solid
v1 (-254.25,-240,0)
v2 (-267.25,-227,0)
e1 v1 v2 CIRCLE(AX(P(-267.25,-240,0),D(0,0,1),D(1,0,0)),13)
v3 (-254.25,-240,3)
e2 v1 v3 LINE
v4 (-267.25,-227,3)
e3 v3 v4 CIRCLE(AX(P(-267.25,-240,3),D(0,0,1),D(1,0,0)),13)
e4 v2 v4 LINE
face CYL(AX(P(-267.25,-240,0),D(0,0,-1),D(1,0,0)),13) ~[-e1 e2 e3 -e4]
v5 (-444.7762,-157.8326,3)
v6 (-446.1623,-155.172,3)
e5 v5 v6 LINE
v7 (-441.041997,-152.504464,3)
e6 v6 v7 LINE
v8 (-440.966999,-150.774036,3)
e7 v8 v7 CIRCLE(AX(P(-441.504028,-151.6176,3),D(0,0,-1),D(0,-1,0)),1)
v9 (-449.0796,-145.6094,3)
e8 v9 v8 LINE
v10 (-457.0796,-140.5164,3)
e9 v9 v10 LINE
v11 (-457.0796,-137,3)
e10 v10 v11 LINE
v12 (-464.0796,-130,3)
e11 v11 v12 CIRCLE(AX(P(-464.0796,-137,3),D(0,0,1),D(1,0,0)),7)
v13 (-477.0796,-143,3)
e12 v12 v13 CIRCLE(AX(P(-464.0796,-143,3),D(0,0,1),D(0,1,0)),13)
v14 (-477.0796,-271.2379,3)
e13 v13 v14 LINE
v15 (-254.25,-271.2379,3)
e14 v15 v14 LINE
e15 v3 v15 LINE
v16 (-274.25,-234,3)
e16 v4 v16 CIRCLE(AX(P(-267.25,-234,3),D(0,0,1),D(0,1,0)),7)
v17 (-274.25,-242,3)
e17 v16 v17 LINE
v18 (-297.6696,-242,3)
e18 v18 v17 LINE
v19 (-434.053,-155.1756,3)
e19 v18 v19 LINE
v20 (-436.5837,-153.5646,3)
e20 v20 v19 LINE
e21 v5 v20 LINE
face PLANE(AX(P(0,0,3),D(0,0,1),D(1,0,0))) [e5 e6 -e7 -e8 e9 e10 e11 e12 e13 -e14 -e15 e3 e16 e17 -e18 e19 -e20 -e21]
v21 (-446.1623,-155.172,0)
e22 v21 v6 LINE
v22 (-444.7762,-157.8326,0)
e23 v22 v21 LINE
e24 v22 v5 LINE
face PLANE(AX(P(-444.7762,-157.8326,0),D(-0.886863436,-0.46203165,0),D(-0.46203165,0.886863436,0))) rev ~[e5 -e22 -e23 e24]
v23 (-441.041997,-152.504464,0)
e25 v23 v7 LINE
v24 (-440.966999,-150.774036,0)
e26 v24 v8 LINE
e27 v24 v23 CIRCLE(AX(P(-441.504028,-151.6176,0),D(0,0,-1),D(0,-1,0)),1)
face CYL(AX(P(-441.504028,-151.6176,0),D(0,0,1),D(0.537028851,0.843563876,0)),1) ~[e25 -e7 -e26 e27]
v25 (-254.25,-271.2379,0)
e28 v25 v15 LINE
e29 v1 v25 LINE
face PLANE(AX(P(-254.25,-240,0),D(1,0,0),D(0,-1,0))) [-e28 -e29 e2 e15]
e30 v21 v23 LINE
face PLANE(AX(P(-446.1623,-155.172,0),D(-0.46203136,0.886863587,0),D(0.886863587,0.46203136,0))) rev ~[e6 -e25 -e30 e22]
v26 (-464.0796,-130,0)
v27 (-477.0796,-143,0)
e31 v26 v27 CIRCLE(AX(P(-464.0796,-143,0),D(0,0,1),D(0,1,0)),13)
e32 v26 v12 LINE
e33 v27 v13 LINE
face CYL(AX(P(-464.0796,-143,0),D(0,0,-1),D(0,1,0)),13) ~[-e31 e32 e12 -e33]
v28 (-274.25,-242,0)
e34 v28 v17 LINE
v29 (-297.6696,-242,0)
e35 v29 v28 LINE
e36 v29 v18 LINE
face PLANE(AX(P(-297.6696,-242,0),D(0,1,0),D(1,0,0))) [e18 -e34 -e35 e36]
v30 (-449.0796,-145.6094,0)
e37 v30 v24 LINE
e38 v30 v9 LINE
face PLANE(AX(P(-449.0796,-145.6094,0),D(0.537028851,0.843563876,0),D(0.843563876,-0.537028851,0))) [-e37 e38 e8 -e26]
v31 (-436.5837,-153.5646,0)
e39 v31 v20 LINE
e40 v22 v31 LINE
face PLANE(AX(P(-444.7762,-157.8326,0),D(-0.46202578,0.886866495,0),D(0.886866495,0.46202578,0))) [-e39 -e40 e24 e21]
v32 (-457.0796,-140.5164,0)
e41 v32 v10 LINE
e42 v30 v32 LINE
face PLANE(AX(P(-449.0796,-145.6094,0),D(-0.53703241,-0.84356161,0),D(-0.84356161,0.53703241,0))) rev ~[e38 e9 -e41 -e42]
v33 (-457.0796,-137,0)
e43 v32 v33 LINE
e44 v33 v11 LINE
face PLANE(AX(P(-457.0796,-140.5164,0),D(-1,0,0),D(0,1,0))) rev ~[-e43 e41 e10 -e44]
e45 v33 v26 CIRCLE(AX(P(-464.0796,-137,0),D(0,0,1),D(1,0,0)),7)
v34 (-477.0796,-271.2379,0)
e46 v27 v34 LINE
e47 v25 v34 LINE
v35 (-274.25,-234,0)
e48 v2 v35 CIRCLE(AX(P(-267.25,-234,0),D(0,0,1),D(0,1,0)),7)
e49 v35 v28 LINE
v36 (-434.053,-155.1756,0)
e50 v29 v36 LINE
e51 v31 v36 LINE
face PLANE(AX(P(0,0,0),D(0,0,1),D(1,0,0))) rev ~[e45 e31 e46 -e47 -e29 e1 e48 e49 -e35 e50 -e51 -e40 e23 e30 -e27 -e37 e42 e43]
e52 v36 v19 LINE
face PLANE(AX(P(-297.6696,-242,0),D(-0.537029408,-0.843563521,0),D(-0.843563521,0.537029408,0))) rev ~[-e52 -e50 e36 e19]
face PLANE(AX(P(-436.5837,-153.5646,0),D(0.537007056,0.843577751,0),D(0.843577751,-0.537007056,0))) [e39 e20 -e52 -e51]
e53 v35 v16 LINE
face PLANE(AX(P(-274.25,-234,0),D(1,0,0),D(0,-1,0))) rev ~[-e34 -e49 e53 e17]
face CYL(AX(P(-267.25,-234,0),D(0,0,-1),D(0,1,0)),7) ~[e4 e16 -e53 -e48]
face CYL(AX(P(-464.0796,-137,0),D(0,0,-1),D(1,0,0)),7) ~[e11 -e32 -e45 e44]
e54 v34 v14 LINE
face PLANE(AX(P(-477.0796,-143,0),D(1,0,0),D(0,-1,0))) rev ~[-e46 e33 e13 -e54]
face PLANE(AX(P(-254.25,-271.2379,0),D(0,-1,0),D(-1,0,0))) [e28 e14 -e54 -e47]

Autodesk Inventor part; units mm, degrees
ref_plane "YZ Plane" through (0, 0, 0) normal (1, 0, 0) x (0, 1, 0)
ref_plane "XZ Plane" through (0, 0, 0) normal (0, 1, 0) x (-1, 0, 0)
ref_plane "XY Plane" through (0, 0, 0) normal (0, 0, 1) x (1, 0, 0)
sketch "Sketch3" plane through (0, 0, 0) normal (0, 0, 1) x (1, 0, 0)
  circle A0 centre (368.0481, 50) radius 50 construction
  line L0 (368.0481, 0) -> (514.9541, 0) construction
  line L1 (368.0481, 50) -> (514.9541, 50) construction
  line L2 (368.0481, 100) -> (514.9541, 100) construction
  line L3 (368.0481, 50) -> (343.0481, 6.6987) construction
  line L4 (368.0481, 50) -> (324.7469, 25) construction
  line L5 (368.0481, 50) -> (324.7469, 75) construction
  line L6 (343.0481, 93.3013) -> (368.0481, 50) construction
  line L7 (393.0481, 93.3013) -> (368.0481, 50) construction
  line L8 (411.3494, 75) -> (368.0481, 50) construction
  line L9 (411.3494, 25) -> (368.0481, 50) construction
  line L10 (393.0481, 6.6987) -> (368.0481, 50) construction
  line L11 (368.0481, 0) -> (368.0481, 100) construction
  line L12 (418.0481, 50) -> (368.0481, 50) construction
  line L13 (341.8682, 0) -> (341.8682, 100) construction
  line L14 (315.6883, 0) -> (315.6883, 100) construction
  line L15 (289.5083, 0) -> (289.5083, 100) construction
  line L16 (263.3284, 0) -> (263.3284, 100) construction
  line L17 (237.1485, 0) -> (237.1485, 100) construction
  line L18 (210.9685, 0) -> (210.9685, 100) construction
  line L19 (184.7886, 0) -> (184.7886, 100) construction
  line L20 (158.6086, 0) -> (158.6086, 100) construction
  circle A1 centre (315.6883, 50) radius 50 construction
  circle A2 centre (341.8682, 50) radius 50 construction
  circle A3 centre (289.5083, 50) radius 50 construction
  circle A4 centre (263.3284, 50) radius 50 construction
  circle A5 centre (237.1485, 50) radius 50 construction
  circle A6 centre (210.9685, 50) radius 50 construction
  line L21 (393.0481, 6.6987) -> (514.9541, 6.6987) construction
  line L22 (411.3494, 25) -> (514.9541, 25) construction
  line L23 (411.3494, 75) -> (514.9541, 75) construction
  line L24 (411.3494, 75) -> (514.9541, 75) construction
  line L25 (393.0481, 93.3013) -> (514.9541, 93.3013) construction
  line L26 (358.9895, 75) -> (339.5083, 50) construction
  line L27 (339.5083, 50) -> (306.6297, 25) construction
  line L28 (306.6297, 25) -> (262.1485, 6.6987) construction
  line L29 (262.1485, 6.6987) -> (210.9685, 0) construction
  line L30 (105.4843, -12.0642) -> (105.4843, 125.3083) construction
  line L31 (25.75, 0) -> (25.75, 23)
  line L32 (45.75, 17) -> (45.75, -21.2379)
  arc A7 (32.75, 30) -> (25.75, 23) centre (32.75, 23) ccw
  arc A8 (45.75, 17) -> (32.75, 30) centre (32.75, 17) ccw
  line L33 (32.75, 17) -> (45.75, 17) construction
  line L34 (32.75, 17) -> (32.75, 30) construction
  arc A9 (0, 0) -> (8.875, -12.2379) centre (12.875, 0) ccw
  arc A10 (16.875, -12.2379) -> (25.75, 0) centre (12.875, 0) ccw
  line L35 (45.75, -21.2379) -> (16.875, -21.2379)
  line L36 (8.875, -21.2379) -> (-177.0796, -21.2379)
  circle A11 centre (-144.2046, 110.3653) radius 12.875 construction
  line L37 (8.875, -21.2379) -> (8.875, -12.2379)
  line L38 (16.875, -21.2379) -> (16.875, -12.2379)
  line L39 (411.3494, 75) -> (158.6086, 75) construction
  line L40 (368.0481, 100) -> (158.6086, 100) construction
  line L41 (418.0481, 50) -> (158.6086, 50) construction
  line L42 (411.3494, 25) -> (158.6086, 25) construction
  line L43 (393.0481, 6.6987) -> (158.6086, 6.6987) construction
  line L44 (393.0481, 93.3013) -> (158.6086, 93.3013) construction
  line L45 (358.9895, 75) -> (366.8682, 93.3013) construction
  line L46 (366.8682, 93.3013) -> (368.0481, 100) construction
  spline S0 degree 4 poles (-157.0796, 100) (-157.0796, 88.9946) (-147.011, 72.6811) (-131.8577, 48.7932) (-88.4777, 17.6268) (-50.0176, 3.937) (-18.8717, 0) (0, 0) knots 0 0 0 0 0 0.264547 0.457223 0.66608 1 1 1 1 1
  line L47 (-157.0796, 100) -> (-157.0796, 81.2146) construction
  line L48 (0, 0) -> (-42.8818, 0) construction
  line L49 (-157.0796, 100) -> (-157.0796, 113)
  line L50 (-144.2046, 110.3653) -> (-157.0796, 110.3653) construction
  line L51 (-147.6984, 94.0277) -> (-120.1158, 108.3975) construction
  line L52 (-157.0796, 100) -> (0, 0) construction
  circle A12 centre (-147.2046, 105.4197) radius 9.875 construction
  line L53 (-147.2046, 105.4197) -> (-157.0796, 105.4197) construction
  line L54 (-146.1623, 94.828) -> (-144.7762, 92.1674) construction
  line L55 (-144.7762, 92.1674) -> (-142.2689, 93.4736) construction
  line L56 (-177.0796, 107) -> (-177.0796, -21.2379)
  arc A13 (-157.0796, 113) -> (-164.0796, 120) centre (-164.0796, 113) ccw
  line L57 (-164.0796, 113) -> (-164.0796, 120) construction
  line L58 (-164.0796, 113) -> (-157.0796, 113) construction
  arc A14 (-164.0796, 120) -> (-177.0796, 107) centre (-164.0796, 107) ccw
  line L59 (-164.0796, 107) -> (-177.0796, 107) construction
  line L60 (-164.0796, 107) -> (-164.0796, 120) construction
  line L61 (-457.0796, 100) -> (-300, 0)
  line L62 (-757.0796, 100) -> (-757.0796, 76.4376)
  line L63 (-600, 0) -> (-652.3765, 0)
  spline S1 degree 4 poles (-757.0796, 76.4376) (-757.0796, 65.0585) (-753.7776, 47.1407) (-745.4013, 7.8331) (-693.0053, 2.4317) (-668.8587, 0) (-652.3765, 0) knots 0 0 0 0 0 0.348765 0.598765 1 1 1 1 1
  line L64 (-477.0796, 107) -> (-477.0796, -21.2379)
  arc A15 (-464.0796, 120) -> (-477.0796, 107) centre (-464.0796, 107) ccw
  arc A16 (-457.0796, 113) -> (-464.0796, 120) centre (-464.0796, 113) ccw
  line L65 (-457.0796, 100) -> (-457.0796, 113)
  circle A17 centre (-447.2046, 105.4197) radius 9.875 construction
  circle A18 centre (-444.2046, 110.3653) radius 12.875 construction
  line L66 (-457.0796, 100) -> (-300, 0) construction
  line L67 (-447.6984, 94.0277) -> (-420.1158, 108.3975) construction
  line L68 (-444.7762, 92.1674) -> (-442.2689, 93.4736) construction
  line L69 (-446.1623, 94.828) -> (-444.7762, 92.1674) construction
  line L70 (-291.125, -21.2379) -> (-477.0796, -21.2379)
  arc A19 (-300, 0) -> (-291.125, -12.2379) centre (-287.125, 0) ccw
  line L71 (-291.125, -21.2379) -> (-291.125, -12.2379)
  line L72 (-283.125, -21.2379) -> (-283.125, -12.2379)
  arc A20 (-283.125, -12.2379) -> (-274.25, 0) centre (-287.125, 0) ccw
  line L73 (-254.25, -21.2379) -> (-283.125, -21.2379)
  line L74 (-254.25, 17) -> (-254.25, -21.2379)
  line L75 (-274.25, 0) -> (-274.25, 23)
  arc A21 (-267.25, 30) -> (-274.25, 23) centre (-267.25, 23) ccw
  arc A22 (-254.25, 17) -> (-267.25, 30) centre (-267.25, 17) ccw
  line L76 (-777.0796, 107) -> (-777.0796, -21.2379)
  arc A23 (-764.0796, 120) -> (-777.0796, 107) centre (-764.0796, 107) ccw
  arc A24 (-757.0796, 113) -> (-764.0796, 120) centre (-764.0796, 113) ccw
  line L77 (-757.0796, 100) -> (-757.0796, 113)
  circle A25 centre (-747.2046, 105.4197) radius 9.875 construction
  circle A26 centre (-744.2046, 110.3653) radius 12.875 construction
  line L78 (-757.0796, 100) -> (-600, 0) construction
  line L79 (-747.6984, 94.0277) -> (-720.1158, 108.3975) construction
  line L80 (-744.7762, 92.1674) -> (-742.2689, 93.4736) construction
  line L81 (-746.1623, 94.828) -> (-744.7762, 92.1674) construction
  line L82 (-591.125, -21.2379) -> (-777.0796, -21.2379)
  arc A27 (-600, 0) -> (-591.125, -12.2379) centre (-587.125, 0) ccw
  line L83 (-591.125, -21.2379) -> (-591.125, -12.2379)
  line L84 (-583.125, -21.2379) -> (-583.125, -12.2379)
  arc A28 (-583.125, -12.2379) -> (-574.25, 0) centre (-587.125, 0) ccw
  line L85 (-554.25, -21.2379) -> (-583.125, -21.2379)
  line L86 (-554.25, 17) -> (-554.25, -21.2379)
  line L87 (-574.25, 0) -> (-574.25, 23)
  arc A29 (-567.25, 30) -> (-574.25, 23) centre (-567.25, 23) ccw
  arc A30 (-554.25, 17) -> (-567.25, 30) centre (-567.25, 17) ccw
  line L88 (32.75, -233) -> (45.75, -233) construction
  line L89 (32.75, -233) -> (32.75, -220) construction
  arc A31 (45.75, -233) -> (32.75, -220) centre (32.75, -233) ccw construction
  line L90 (25.75, -250) -> (25.75, -227) construction
  line L91 (45.75, -233) -> (45.75, -271.2379) construction
  arc A32 (16.875, -262.2379) -> (25.75, -250) centre (12.875, -250) ccw construction
  line L92 (45.75, -271.2379) -> (16.875, -271.2379) construction
  arc A33 (0, -250) -> (8.875, -262.2379) centre (12.875, -250) ccw construction
  arc A34 (32.75, -220) -> (25.75, -227) centre (32.75, -227) ccw construction
  line L93 (8.875, -271.2379) -> (-177.0796, -271.2379) construction
  line L94 (-157.0796, -150) -> (0, -250) construction
  spline S2 degree 4 poles (-157.0796, -150) (-157.0796, -161.0054) (-147.011, -177.3189) (-131.8577, -201.2068) (-88.4777, -232.3732) (-50.0176, -246.063) (-18.8717, -250) (0, -250) knots 0 0 0 0 0 0.264547 0.457223 0.66608 1 1 1 1 1 construction
  line L95 (-177.0796, -143) -> (-177.0796, -271.2379)
  line L96 (-146.1623, -155.172) -> (-144.7762, -157.8326) construction
  line L97 (-144.7762, -157.8326) -> (-142.2689, -156.5264) construction
  line L98 (-147.6984, -155.9723) -> (-120.1158, -141.6025) construction
  line L99 (-157.0796, -150) -> (-157.0796, -168.7854) construction
  line L100 (-147.2046, -144.5803) -> (-157.0796, -144.5803) construction
  line L101 (-144.2046, -139.6347) -> (-157.0796, -139.6347) construction
  circle A35 centre (-147.2046, -144.5803) radius 9.875 construction
  line L102 (0, -250) -> (-42.8818, -250) construction
  line L103 (16.875, -271.2379) -> (16.875, -262.2379) construction
  line L104 (8.875, -271.2379) -> (8.875, -262.2379) construction
  circle A36 centre (-144.2046, -139.6347) radius 12.875 construction
  line L105 (-164.0796, -143) -> (-177.0796, -143) construction
  line L106 (-157.0796, -150) -> (-157.0796, -137) construction
  line L107 (-164.0796, -137) -> (-157.0796, -137) construction
  arc A37 (-157.0796, -137) -> (-164.0796, -130) centre (-164.0796, -137) ccw
  line L108 (-164.0796, -137) -> (-164.0796, -130) construction
  line L109 (-164.0796, -143) -> (-164.0796, -130) construction
  arc A38 (-164.0796, -130) -> (-177.0796, -143) centre (-164.0796, -143) ccw
  arc A39 (32.75, -227) -> (25.75, -234) centre (32.75, -234) ccw
  line L110 (32.75, -234) -> (25.75, -234) construction
  line L111 (32.75, -234) -> (32.75, -227) construction
  line L112 (45.75, -271.2379) -> (-177.0796, -271.2379)
  arc A40 (45.75, -240) -> (32.75, -227) centre (32.75, -240) ccw
  line L113 (32.75, -240) -> (45.75, -240) construction
  line L114 (32.75, -240) -> (32.75, -227) construction
  line L115 (45.75, -240) -> (45.75, -271.2379)
  line L116 (0, -242) -> (25.75, -242)
  line L117 (25.75, -234) -> (25.75, -242)
  line L118 (-149.0796, -145.6094) -> (-149.0796, -150)
  line L119 (-149.0796, -145.6094) -> (-157.0796, -140.5164)
  line L120 (-157.0796, -140.5164) -> (-157.0796, -137)
  line L121 (57.9242, -250) -> (-50.1018, -250) construction
  spline S3 degree 4 poles (-149.0796, -150) (-149.0796, -154.1011) (-147.2668, -159.7716) (-135.8793, -178.0796) (-120.229, -197.0865) (-83.3361, -225.9308) (-47.2959, -235.9761) (-18.0598, -242) (0, -242) knots 0 0 0 0 0 0.173174 0.31592 0.488873 0.682943 1 1 1 1 1
  line L122 (-158.9844, -148.7874) -> (-160.5796, -147.7718) construction
  line L123 (-149.0796, -145.6094) -> (2.3304, -242) construction
  line L124 (-149.0796, -145.6094) -> (-139.5059, -151.7042)
  line L125 (-146.1623, -155.172) -> (-139.5059, -151.7042)
  line L126 (-144.7762, -157.8326) -> (-146.1623, -155.172)
  line L127 (-144.7762, -157.8326) -> (-136.5837, -153.5646)
  line L128 (-136.5837, -153.5646) -> (-134.053, -155.1756)
  line L129 (-136.5837, -153.5646) -> (-136.7042, -153.7538) construction
  line L130 (-134.053, -155.1756) -> (-134.1481, -155.3251) construction
  spline S4 degree 4 poles (-134.053, -155.1756) (-136.3936, -157.4893) (-136.069, -162.1236) (-140.7429, -169.88) (-137.1035, -175.12) knots 0 0 0 0 0 1 1 1 1 1
  line L131 (-134.053, -155.1756) -> (-131.4385, -154.0999) construction
  line L132 (-254.25, -271.2379) -> (-477.0796, -271.2379)
  line L133 (-477.0796, -143) -> (-477.0796, -271.2379)
  arc A41 (-464.0796, -130) -> (-477.0796, -143) centre (-464.0796, -143) ccw
  arc A42 (-457.0796, -137) -> (-464.0796, -130) centre (-464.0796, -137) ccw
  line L134 (-457.0796, -140.5164) -> (-457.0796, -137)
  line L135 (-449.0796, -145.6094) -> (-457.0796, -140.5164)
  line L136 (-449.0796, -145.6094) -> (-439.5059, -151.7042)
  line L137 (-446.1623, -155.172) -> (-439.5059, -151.7042)
  line L138 (-444.7762, -157.8326) -> (-446.1623, -155.172)
  line L139 (-444.7762, -157.8326) -> (-436.5837, -153.5646)
  line L140 (-436.5837, -153.5646) -> (-434.053, -155.1756)
  line L141 (-449.0796, -145.6094) -> (-297.6696, -242) construction
  line L142 (-300, -242) -> (-274.25, -242)
  line L143 (-274.25, -234) -> (-274.25, -242)
  arc A43 (-267.25, -227) -> (-274.25, -234) centre (-267.25, -234) ccw
  arc A44 (-254.25, -240) -> (-267.25, -227) centre (-267.25, -240) ccw
  line L144 (-254.25, -240) -> (-254.25, -271.2379)
  circle A45 centre (-447.2046, -144.5803) radius 9.875 construction
  line L145 (-457.0796, -150) -> (-300, -250) construction
  circle A46 centre (-444.2046, -139.6347) radius 12.875 construction
  line L146 (-554.25, -271.2379) -> (-777.0796, -271.2379)
  line L147 (-777.0796, -143) -> (-777.0796, -271.2379)
  arc A47 (-764.0796, -130) -> (-777.0796, -143) centre (-764.0796, -143) ccw
  arc A48 (-757.0796, -137) -> (-764.0796, -130) centre (-764.0796, -137) ccw
  line L148 (-757.0796, -140.5164) -> (-757.0796, -137)
  line L149 (-749.0796, -145.6094) -> (-757.0796, -140.5164)
  line L150 (-749.0796, -145.6094) -> (-739.5059, -151.7042)
  line L151 (-746.1623, -155.172) -> (-739.5059, -151.7042)
  line L152 (-744.7762, -157.8326) -> (-746.1623, -155.172)
  line L153 (-744.7762, -157.8326) -> (-736.5837, -153.5646)
  line L154 (-736.5837, -153.5646) -> (-734.053, -155.1756)
  line L155 (-749.0796, -145.6094) -> (-597.6696, -242) construction
  line L156 (-600, -242) -> (-574.25, -242)
  line L157 (-574.25, -234) -> (-574.25, -242)
  arc A49 (-567.25, -227) -> (-574.25, -234) centre (-567.25, -234) ccw
  arc A50 (-554.25, -240) -> (-567.25, -227) centre (-567.25, -240) ccw
  line L158 (-554.25, -240) -> (-554.25, -271.2379)
  circle A51 centre (-747.2046, -144.5803) radius 9.875 construction
  line L159 (-757.0796, -150) -> (-600, -250) construction
  circle A52 centre (-744.2046, -139.6347) radius 12.875 construction
  line L160 (-297.6696, -242) -> (-434.053, -155.1756)
  spline S5 degree 4 poles (-757.0796, -173.5624) (-757.0796, -184.9415) (-753.7776, -202.8593) (-745.4013, -242.1669) (-693.0053, -247.5683) (-668.8587, -250) (-652.3765, -250) knots 0 0 0 0 0 0.348765 0.598765 1 1 1 1 1 construction
  line L161 (-757.0796, -150) -> (-757.0796, -173.5624)
  line L162 (-600, -250) -> (-652.3765, -250) construction
  line L163 (-600, -242) -> (-652.3765, -242)
  spline S6 degree 4 poles (-749.0796, -173.5624) (-749.0796, -183.7991) (-746.0176, -199.7502) (-737.9559, -236.335) (-690.8375, -239.2991) (-667.8077, -242) (-652.3765, -242) knots 0 0 0 0 0 0.346383 0.596383 1 1 1 1 1
  line L164 (-749.0796, -173.5624) -> (-749.0796, -170.035) construction
  spline S7 degree 3 poles (-734.053, -155.1756) (-737.3322, -159.7538) (-749.7015, -168.8591) (-748.818, -180.0805) knots 0 0 0 0 1 1 1 1
  point P0 (158.6086, 0)
  point P1 (-148.021, 75)
  point P2 (-128.5398, 50)
  point P3 (-95.6611, 25)
  point P4 (-51.1799, 6.6987)
  point P5 (-155.8997, 93.3013)
  point P6 (-753.2027, 48.1984)
  point P7 (-737.7866, 19.9116)
  point P8 (-697.6619, 3.8098)
  point P9 (-457.0796, 110.3653)
  point P10 (-457.0796, 105.4197)
  point P11 (-757.0796, 110.3653)
  point P12 (-757.0796, 105.4197)
  point P13 (-51.1799, -243.3013)
  point P14 (-95.6611, -225)
  point P15 (-148.021, -175)
  point P16 (-128.5398, -200)
  point P17 (-155.8997, -156.6987)
  point P18 (-157.0796, -141.4334)
  point P19 (-153.0796, -143.0629)
  point P20 (-152.1421, -144.5803)
  point P21 (3.9112, -250)
  point P22 (-147.2046, -158.2164)
  point P23 (-137.7547, -174.1759)
  point P24 (-121.904, -193.5196)
  point P25 (-91.5665, -216.9339)
  point P26 (-48.8291, -234.4712)
  point P27 (-135.7518, -158.2737)
  point P28 (-137.8186, -165.6079)
  point P29 (-453.0796, -143.0629)
  point P30 (-457.0796, -144.5803)
  point P31 (-447.6984, -155.9723)
  point P32 (-457.0796, -139.6347)
  point P33 (-753.0796, -143.0629)
  point P34 (-757.0796, -144.5803)
  point P35 (-747.6984, -155.9723)
  point P36 (-757.0796, -139.6347)
  point P37 (-753.2027, -201.8016)
  point P38 (-737.7866, -230.0884)
  point P39 (-697.6619, -246.1902)
  point P40 (-745.4939, -198.9007)
  point P41 (-731.3987, -224.5882)
  point P42 (-695.3384, -238.4632)
  point P43 (-741.9651, -163.8854)
  point P44 (-300, 0)
  dimension "d43" = 25.75
  dimension "d53" = 19.75
  dimension "diameter" = 100
  dimension "d8" = 26.1799
  dimension "d14" = 30
  dimension "d15" = 30
  dimension "d16" = 30
  dimension "d26" = 90
  dimension "stopper" = 30
  dimension "stopperthickness" = 20
  dimension "d32" = 12.875
  dimension "d33" = 12.875
  dimension "d38" = 6
  dimension "d47" = 8
  dimension "d49" = 9
  dimension "d55" = 120
  dimension "d56" = 3
  dimension "d57" = 90
  dimension "d58" = 90
  dimension "d59" = 20
  dimension "d60" = 6
  dimension "d61" = 20
  dimension "d62" = 28.875
  dimension "d72" = 300
  dimension "d93" = 250
  dimension "d98" = 90
  dimension "d99" = 44.2379
  dimension "d100" = 37.2379
  dimension "d101" = 90
  dimension "railheight" = 8
  dimension "d104" = 8
  dimension "d105" = 8
  dimension "d106" = 3
  dimension "d109" = 300
  dimension "d116" = 250
  dimension "d121" = 8
extrude "Extrusion1" add sketch "Sketch3" along normal blind 3 contours L132 L133 A41 A42 L134 L135 L136 L137 L138 L139 L140 L160 L142 L143 A43 A44 L144
fillet "Fillet2" radius 1 1 edges at (-439.5059, -151.7042, 1.5)
equation "\"d8\" = 0.261799 * diameter"
properties part number "line-rail"
